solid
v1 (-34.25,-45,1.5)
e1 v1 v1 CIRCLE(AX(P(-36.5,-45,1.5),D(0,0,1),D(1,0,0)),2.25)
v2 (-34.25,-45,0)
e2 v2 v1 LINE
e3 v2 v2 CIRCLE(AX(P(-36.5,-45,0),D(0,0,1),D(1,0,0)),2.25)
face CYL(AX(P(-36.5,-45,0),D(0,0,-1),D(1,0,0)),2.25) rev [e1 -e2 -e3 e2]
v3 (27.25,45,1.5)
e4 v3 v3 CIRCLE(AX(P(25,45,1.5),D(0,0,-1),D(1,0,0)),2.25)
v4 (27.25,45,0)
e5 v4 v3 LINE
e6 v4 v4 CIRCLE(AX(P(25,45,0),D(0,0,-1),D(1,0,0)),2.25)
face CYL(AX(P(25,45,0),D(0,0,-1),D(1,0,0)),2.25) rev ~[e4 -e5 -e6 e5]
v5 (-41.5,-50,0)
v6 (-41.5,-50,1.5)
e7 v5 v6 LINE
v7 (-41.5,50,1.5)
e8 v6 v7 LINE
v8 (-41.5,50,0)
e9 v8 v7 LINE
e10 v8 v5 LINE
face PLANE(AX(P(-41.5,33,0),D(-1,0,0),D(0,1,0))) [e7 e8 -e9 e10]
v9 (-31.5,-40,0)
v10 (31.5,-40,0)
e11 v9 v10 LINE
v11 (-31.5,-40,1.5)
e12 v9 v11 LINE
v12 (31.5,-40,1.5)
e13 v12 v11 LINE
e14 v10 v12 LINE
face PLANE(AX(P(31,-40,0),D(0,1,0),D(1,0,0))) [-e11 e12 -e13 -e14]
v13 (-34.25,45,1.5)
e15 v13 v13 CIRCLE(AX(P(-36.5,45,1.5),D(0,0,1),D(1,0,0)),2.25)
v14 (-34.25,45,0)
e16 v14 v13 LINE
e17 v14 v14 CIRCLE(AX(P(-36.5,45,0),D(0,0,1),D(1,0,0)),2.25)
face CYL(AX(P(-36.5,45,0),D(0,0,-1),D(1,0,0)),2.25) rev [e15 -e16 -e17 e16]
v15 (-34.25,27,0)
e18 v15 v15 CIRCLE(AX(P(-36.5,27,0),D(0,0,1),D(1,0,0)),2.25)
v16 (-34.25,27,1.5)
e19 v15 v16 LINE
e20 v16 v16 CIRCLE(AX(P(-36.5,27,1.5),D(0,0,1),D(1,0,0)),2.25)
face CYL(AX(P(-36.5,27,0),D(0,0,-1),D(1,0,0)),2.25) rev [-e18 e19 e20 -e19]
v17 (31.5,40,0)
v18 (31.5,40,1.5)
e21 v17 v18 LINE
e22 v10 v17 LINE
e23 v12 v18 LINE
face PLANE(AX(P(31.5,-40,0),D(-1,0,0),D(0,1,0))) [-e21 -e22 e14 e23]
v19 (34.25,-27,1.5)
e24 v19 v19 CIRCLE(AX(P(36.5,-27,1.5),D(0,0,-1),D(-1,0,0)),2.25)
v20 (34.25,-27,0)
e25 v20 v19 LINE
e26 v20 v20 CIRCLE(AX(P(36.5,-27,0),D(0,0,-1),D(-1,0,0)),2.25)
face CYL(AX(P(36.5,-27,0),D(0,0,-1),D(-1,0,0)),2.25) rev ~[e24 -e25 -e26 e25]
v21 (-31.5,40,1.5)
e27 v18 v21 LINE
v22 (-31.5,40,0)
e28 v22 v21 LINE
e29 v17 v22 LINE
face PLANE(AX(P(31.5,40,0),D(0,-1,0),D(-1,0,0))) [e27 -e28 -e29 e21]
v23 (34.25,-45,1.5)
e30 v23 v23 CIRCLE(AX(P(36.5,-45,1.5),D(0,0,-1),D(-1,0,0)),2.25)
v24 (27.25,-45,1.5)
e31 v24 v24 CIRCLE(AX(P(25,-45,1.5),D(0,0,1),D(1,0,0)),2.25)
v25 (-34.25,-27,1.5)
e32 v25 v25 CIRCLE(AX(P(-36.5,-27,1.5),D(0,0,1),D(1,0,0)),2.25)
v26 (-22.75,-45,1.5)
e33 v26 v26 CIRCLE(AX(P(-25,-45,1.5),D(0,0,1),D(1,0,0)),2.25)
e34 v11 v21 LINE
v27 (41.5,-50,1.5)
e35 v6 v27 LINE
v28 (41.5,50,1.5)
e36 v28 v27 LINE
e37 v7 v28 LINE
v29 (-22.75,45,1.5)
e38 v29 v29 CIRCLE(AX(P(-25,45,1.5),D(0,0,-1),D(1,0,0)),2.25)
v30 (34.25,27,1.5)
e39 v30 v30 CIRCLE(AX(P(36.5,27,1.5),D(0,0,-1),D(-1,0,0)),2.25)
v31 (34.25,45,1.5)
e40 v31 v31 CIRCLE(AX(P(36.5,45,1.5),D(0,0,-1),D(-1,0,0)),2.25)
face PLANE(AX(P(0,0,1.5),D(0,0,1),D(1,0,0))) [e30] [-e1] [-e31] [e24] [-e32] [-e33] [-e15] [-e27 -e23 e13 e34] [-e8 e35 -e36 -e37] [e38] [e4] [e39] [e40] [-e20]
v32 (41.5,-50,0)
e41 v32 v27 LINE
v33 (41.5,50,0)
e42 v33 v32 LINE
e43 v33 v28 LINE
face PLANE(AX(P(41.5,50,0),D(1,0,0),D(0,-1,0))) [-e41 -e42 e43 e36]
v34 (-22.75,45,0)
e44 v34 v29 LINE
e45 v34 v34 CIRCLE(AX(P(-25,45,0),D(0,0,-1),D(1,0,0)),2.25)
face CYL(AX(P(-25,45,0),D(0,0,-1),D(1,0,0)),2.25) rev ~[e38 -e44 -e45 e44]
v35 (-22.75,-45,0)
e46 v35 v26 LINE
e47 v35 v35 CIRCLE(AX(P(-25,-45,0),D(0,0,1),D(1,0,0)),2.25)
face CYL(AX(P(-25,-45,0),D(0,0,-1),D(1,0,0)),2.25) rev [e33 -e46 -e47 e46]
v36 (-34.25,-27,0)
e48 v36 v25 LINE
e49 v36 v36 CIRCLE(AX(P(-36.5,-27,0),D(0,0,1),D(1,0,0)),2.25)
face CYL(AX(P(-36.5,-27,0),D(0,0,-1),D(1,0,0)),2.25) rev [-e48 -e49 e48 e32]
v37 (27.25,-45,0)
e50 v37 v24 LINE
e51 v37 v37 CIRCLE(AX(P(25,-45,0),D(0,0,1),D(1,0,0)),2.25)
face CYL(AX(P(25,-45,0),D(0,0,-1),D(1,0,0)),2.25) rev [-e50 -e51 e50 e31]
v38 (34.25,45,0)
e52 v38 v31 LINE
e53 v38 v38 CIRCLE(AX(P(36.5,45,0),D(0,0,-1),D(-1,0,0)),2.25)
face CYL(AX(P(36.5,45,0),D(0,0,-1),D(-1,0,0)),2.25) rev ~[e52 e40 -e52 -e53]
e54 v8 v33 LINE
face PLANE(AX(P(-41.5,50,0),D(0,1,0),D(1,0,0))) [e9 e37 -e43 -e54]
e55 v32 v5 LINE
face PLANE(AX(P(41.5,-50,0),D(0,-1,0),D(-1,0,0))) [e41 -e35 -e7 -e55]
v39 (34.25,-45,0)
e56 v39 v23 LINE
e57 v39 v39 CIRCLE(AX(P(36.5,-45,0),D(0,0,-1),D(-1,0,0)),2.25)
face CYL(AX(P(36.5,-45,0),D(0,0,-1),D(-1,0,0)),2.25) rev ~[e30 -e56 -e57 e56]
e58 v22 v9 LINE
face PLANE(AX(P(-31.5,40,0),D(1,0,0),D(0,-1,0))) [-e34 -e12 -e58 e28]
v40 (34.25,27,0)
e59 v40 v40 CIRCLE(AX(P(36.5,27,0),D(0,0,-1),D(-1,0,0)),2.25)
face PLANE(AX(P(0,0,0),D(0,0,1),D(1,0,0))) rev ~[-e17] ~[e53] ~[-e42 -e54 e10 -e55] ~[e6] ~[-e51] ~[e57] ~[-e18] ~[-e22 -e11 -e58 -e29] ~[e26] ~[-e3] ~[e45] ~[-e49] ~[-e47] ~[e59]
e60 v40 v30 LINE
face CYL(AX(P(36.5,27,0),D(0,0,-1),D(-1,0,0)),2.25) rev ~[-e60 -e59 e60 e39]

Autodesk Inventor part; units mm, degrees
ref_plane "YZ Plane" through (0, 0, 0) normal (1, 0, 0) x (0, 1, 0)
ref_plane "XZ Plane" through (0, 0, 0) normal (0, 1, 0) x (-1, 0, 0)
ref_plane "XY Plane" through (0, 0, 0) normal (0, 0, 1) x (1, 0, 0)
sketch "Sketch1" plane through (0, 0, 0) normal (0, 0, 1) x (1, 0, 0)
  line L0 (-41.5, 50) -> (41.5, 50)
  line L1 (41.5, 50) -> (41.5, -50)
  line L2 (41.5, -50) -> (-41.5, -50)
  line L3 (-41.5, -50) -> (-41.5, 50)
  line L4 (31.5, 40) -> (-31.5, 40)
  line L5 (-31.5, 40) -> (-31.5, -40)
  line L6 (-31.5, -40) -> (31.5, -40)
  line L7 (31.5, -40) -> (31.5, 40)
  line L8 (-41.5, -45) -> (41.5, -45) construction
  line L9 (0, 71.7466) -> (0, -78.0681) construction
  line L10 (-60.2597, 0) -> (74.2823, 0) construction
  line L11 (-36.5, 50) -> (-36.5, -50) construction
  circle A0 centre (-36.5, -27) radius 2.25
  line L12 (-41.5, 45) -> (41.5, 45) construction
  circle A1 centre (-36.5, 45) radius 2.25
  circle A2 centre (-36.5, -45) radius 2.25
  circle A3 centre (-36.5, 27) radius 2.25
  circle A4 centre (-25, -45) radius 2.25
  circle A5 centre (25, -45) radius 2.25
  line L13 (30, 50) -> (30, -50) construction
  line L14 (-30, 50) -> (-30, -50) construction
  line L15 (-31, -38) -> (31, -38)
  line L16 (31, -38) -> (31, -52)
  line L17 (31, -52) -> (-31, -52)
  line L18 (-31, -52) -> (-31, -38)
  line L19 (-31.5, -40) -> (-16.5, -40)
  line L20 (-16.5, -40) -> (-16.5, -20)
  line L21 (-16.5, -20) -> (-31.5, -20)
  line L22 (-31.5, -20) -> (-31.5, -40)
  line L23 (-26.5, -26) -> (-21.5, -26) construction
  line L24 (-26.5, -27.5) -> (-21.5, -27.5)
  line L25 (-21.5, -24.5) -> (-26.5, -24.5)
  arc A6 (-26.5, -24.5) -> (-26.5, -27.5) centre (-26.5, -26) ccw
  arc A7 (-21.5, -27.5) -> (-21.5, -24.5) centre (-21.5, -26) ccw
  line L26 (-26.5, -34) -> (-21.5, -34) construction
  line L27 (-26.5, -35.5) -> (-21.5, -35.5)
  line L28 (-21.5, -32.5) -> (-26.5, -32.5)
  arc A8 (-26.5, -32.5) -> (-26.5, -35.5) centre (-26.5, -34) ccw
  arc A9 (-21.5, -35.5) -> (-21.5, -32.5) centre (-21.5, -34) ccw
  line L29 (-43.5, 33) -> (-29.5, 33)
  line L30 (-29.5, 33) -> (-29.5, -33)
  line L31 (-29.5, -33) -> (-43.5, -33)
  line L32 (-43.5, -33) -> (-43.5, 33)
  point P0 (0, 0)
  point P1 (0, 50)
  point P2 (41.5, 0)
  point P3 (0, 45)
  point P4 (-24, -26)
  point P5 (-24, -20)
  point P6 (-16.5, -30)
  point P7 (-24, -34)
  dimension "d0" = 83
  dimension "d1" = 100
  dimension "d5" = 5
  dimension "d6" = 5
  dimension "d9" = 5
  dimension "d12" = 4.5
  dimension "d17" = 5
  dimension "d41" = 4.5
  dimension "d42" = 4.5
  dimension "d87" = 4.5
  dimension "d89" = 4.5
  dimension "d90" = 4.5
  dimension "d91" = 30
  dimension "d92" = 30
  dimension "d93" = 5
  dimension "d94" = 5
  dimension "d97" = 1
  dimension "d98" = 2
  dimension "d99" = 2
  dimension "d100" = 1
  dimension "d103" = 15
  dimension "d104" = 20
  dimension "d105" = 5
  dimension "d106" = 3
  dimension "d109" = 5
  dimension "d110" = 3
  dimension "d112" = 6
  dimension "d113" = 6
  dimension "d115" = 6
  dimension "d116" = 2
  dimension "d117" = 2
  dimension "d118" = 6
  dimension "d121" = 27
  dimension "d122" = 27
extrude "Extrusion12" add sketch "Sketch1" along normal blind 1.5 contours L0 L1 L2 L16 L6 L7 L4 L5 L29 L3 | L29 L5 L31 L3 | L31 L5 L6 L18 L2 L3 | L2 L18 L6 L16 | A0 | A1 | A2 | A3 | A4 | A5
extrude "Extrusion13" cut sketch "Sketch1" along normal blind 1.5 contours A0 | A1 | A2 | A3
extrude "Extrusion14" cut sketch "Sketch1" along normal blind 1.5 contours A4 | A5
mirror "Mirror6" about plane through (0, 0, 0) normal (0, 1, 0) of "Extrusion14"
mirror "Mirror7" about plane through (0, 0, 0) normal (1, 0, 0) of "Extrusion13"
equation "\"d12\" = screw"
equation "\"d41\" = screw"
equation "\"d42\" = screw"
equation "\"d87\" = screw"
equation "\"d89\" = screw"
equation "\"d90\" = screw"
equation "\"screw\" = 4.5"
properties part number "Side" material "PC/ABS Plastic"
